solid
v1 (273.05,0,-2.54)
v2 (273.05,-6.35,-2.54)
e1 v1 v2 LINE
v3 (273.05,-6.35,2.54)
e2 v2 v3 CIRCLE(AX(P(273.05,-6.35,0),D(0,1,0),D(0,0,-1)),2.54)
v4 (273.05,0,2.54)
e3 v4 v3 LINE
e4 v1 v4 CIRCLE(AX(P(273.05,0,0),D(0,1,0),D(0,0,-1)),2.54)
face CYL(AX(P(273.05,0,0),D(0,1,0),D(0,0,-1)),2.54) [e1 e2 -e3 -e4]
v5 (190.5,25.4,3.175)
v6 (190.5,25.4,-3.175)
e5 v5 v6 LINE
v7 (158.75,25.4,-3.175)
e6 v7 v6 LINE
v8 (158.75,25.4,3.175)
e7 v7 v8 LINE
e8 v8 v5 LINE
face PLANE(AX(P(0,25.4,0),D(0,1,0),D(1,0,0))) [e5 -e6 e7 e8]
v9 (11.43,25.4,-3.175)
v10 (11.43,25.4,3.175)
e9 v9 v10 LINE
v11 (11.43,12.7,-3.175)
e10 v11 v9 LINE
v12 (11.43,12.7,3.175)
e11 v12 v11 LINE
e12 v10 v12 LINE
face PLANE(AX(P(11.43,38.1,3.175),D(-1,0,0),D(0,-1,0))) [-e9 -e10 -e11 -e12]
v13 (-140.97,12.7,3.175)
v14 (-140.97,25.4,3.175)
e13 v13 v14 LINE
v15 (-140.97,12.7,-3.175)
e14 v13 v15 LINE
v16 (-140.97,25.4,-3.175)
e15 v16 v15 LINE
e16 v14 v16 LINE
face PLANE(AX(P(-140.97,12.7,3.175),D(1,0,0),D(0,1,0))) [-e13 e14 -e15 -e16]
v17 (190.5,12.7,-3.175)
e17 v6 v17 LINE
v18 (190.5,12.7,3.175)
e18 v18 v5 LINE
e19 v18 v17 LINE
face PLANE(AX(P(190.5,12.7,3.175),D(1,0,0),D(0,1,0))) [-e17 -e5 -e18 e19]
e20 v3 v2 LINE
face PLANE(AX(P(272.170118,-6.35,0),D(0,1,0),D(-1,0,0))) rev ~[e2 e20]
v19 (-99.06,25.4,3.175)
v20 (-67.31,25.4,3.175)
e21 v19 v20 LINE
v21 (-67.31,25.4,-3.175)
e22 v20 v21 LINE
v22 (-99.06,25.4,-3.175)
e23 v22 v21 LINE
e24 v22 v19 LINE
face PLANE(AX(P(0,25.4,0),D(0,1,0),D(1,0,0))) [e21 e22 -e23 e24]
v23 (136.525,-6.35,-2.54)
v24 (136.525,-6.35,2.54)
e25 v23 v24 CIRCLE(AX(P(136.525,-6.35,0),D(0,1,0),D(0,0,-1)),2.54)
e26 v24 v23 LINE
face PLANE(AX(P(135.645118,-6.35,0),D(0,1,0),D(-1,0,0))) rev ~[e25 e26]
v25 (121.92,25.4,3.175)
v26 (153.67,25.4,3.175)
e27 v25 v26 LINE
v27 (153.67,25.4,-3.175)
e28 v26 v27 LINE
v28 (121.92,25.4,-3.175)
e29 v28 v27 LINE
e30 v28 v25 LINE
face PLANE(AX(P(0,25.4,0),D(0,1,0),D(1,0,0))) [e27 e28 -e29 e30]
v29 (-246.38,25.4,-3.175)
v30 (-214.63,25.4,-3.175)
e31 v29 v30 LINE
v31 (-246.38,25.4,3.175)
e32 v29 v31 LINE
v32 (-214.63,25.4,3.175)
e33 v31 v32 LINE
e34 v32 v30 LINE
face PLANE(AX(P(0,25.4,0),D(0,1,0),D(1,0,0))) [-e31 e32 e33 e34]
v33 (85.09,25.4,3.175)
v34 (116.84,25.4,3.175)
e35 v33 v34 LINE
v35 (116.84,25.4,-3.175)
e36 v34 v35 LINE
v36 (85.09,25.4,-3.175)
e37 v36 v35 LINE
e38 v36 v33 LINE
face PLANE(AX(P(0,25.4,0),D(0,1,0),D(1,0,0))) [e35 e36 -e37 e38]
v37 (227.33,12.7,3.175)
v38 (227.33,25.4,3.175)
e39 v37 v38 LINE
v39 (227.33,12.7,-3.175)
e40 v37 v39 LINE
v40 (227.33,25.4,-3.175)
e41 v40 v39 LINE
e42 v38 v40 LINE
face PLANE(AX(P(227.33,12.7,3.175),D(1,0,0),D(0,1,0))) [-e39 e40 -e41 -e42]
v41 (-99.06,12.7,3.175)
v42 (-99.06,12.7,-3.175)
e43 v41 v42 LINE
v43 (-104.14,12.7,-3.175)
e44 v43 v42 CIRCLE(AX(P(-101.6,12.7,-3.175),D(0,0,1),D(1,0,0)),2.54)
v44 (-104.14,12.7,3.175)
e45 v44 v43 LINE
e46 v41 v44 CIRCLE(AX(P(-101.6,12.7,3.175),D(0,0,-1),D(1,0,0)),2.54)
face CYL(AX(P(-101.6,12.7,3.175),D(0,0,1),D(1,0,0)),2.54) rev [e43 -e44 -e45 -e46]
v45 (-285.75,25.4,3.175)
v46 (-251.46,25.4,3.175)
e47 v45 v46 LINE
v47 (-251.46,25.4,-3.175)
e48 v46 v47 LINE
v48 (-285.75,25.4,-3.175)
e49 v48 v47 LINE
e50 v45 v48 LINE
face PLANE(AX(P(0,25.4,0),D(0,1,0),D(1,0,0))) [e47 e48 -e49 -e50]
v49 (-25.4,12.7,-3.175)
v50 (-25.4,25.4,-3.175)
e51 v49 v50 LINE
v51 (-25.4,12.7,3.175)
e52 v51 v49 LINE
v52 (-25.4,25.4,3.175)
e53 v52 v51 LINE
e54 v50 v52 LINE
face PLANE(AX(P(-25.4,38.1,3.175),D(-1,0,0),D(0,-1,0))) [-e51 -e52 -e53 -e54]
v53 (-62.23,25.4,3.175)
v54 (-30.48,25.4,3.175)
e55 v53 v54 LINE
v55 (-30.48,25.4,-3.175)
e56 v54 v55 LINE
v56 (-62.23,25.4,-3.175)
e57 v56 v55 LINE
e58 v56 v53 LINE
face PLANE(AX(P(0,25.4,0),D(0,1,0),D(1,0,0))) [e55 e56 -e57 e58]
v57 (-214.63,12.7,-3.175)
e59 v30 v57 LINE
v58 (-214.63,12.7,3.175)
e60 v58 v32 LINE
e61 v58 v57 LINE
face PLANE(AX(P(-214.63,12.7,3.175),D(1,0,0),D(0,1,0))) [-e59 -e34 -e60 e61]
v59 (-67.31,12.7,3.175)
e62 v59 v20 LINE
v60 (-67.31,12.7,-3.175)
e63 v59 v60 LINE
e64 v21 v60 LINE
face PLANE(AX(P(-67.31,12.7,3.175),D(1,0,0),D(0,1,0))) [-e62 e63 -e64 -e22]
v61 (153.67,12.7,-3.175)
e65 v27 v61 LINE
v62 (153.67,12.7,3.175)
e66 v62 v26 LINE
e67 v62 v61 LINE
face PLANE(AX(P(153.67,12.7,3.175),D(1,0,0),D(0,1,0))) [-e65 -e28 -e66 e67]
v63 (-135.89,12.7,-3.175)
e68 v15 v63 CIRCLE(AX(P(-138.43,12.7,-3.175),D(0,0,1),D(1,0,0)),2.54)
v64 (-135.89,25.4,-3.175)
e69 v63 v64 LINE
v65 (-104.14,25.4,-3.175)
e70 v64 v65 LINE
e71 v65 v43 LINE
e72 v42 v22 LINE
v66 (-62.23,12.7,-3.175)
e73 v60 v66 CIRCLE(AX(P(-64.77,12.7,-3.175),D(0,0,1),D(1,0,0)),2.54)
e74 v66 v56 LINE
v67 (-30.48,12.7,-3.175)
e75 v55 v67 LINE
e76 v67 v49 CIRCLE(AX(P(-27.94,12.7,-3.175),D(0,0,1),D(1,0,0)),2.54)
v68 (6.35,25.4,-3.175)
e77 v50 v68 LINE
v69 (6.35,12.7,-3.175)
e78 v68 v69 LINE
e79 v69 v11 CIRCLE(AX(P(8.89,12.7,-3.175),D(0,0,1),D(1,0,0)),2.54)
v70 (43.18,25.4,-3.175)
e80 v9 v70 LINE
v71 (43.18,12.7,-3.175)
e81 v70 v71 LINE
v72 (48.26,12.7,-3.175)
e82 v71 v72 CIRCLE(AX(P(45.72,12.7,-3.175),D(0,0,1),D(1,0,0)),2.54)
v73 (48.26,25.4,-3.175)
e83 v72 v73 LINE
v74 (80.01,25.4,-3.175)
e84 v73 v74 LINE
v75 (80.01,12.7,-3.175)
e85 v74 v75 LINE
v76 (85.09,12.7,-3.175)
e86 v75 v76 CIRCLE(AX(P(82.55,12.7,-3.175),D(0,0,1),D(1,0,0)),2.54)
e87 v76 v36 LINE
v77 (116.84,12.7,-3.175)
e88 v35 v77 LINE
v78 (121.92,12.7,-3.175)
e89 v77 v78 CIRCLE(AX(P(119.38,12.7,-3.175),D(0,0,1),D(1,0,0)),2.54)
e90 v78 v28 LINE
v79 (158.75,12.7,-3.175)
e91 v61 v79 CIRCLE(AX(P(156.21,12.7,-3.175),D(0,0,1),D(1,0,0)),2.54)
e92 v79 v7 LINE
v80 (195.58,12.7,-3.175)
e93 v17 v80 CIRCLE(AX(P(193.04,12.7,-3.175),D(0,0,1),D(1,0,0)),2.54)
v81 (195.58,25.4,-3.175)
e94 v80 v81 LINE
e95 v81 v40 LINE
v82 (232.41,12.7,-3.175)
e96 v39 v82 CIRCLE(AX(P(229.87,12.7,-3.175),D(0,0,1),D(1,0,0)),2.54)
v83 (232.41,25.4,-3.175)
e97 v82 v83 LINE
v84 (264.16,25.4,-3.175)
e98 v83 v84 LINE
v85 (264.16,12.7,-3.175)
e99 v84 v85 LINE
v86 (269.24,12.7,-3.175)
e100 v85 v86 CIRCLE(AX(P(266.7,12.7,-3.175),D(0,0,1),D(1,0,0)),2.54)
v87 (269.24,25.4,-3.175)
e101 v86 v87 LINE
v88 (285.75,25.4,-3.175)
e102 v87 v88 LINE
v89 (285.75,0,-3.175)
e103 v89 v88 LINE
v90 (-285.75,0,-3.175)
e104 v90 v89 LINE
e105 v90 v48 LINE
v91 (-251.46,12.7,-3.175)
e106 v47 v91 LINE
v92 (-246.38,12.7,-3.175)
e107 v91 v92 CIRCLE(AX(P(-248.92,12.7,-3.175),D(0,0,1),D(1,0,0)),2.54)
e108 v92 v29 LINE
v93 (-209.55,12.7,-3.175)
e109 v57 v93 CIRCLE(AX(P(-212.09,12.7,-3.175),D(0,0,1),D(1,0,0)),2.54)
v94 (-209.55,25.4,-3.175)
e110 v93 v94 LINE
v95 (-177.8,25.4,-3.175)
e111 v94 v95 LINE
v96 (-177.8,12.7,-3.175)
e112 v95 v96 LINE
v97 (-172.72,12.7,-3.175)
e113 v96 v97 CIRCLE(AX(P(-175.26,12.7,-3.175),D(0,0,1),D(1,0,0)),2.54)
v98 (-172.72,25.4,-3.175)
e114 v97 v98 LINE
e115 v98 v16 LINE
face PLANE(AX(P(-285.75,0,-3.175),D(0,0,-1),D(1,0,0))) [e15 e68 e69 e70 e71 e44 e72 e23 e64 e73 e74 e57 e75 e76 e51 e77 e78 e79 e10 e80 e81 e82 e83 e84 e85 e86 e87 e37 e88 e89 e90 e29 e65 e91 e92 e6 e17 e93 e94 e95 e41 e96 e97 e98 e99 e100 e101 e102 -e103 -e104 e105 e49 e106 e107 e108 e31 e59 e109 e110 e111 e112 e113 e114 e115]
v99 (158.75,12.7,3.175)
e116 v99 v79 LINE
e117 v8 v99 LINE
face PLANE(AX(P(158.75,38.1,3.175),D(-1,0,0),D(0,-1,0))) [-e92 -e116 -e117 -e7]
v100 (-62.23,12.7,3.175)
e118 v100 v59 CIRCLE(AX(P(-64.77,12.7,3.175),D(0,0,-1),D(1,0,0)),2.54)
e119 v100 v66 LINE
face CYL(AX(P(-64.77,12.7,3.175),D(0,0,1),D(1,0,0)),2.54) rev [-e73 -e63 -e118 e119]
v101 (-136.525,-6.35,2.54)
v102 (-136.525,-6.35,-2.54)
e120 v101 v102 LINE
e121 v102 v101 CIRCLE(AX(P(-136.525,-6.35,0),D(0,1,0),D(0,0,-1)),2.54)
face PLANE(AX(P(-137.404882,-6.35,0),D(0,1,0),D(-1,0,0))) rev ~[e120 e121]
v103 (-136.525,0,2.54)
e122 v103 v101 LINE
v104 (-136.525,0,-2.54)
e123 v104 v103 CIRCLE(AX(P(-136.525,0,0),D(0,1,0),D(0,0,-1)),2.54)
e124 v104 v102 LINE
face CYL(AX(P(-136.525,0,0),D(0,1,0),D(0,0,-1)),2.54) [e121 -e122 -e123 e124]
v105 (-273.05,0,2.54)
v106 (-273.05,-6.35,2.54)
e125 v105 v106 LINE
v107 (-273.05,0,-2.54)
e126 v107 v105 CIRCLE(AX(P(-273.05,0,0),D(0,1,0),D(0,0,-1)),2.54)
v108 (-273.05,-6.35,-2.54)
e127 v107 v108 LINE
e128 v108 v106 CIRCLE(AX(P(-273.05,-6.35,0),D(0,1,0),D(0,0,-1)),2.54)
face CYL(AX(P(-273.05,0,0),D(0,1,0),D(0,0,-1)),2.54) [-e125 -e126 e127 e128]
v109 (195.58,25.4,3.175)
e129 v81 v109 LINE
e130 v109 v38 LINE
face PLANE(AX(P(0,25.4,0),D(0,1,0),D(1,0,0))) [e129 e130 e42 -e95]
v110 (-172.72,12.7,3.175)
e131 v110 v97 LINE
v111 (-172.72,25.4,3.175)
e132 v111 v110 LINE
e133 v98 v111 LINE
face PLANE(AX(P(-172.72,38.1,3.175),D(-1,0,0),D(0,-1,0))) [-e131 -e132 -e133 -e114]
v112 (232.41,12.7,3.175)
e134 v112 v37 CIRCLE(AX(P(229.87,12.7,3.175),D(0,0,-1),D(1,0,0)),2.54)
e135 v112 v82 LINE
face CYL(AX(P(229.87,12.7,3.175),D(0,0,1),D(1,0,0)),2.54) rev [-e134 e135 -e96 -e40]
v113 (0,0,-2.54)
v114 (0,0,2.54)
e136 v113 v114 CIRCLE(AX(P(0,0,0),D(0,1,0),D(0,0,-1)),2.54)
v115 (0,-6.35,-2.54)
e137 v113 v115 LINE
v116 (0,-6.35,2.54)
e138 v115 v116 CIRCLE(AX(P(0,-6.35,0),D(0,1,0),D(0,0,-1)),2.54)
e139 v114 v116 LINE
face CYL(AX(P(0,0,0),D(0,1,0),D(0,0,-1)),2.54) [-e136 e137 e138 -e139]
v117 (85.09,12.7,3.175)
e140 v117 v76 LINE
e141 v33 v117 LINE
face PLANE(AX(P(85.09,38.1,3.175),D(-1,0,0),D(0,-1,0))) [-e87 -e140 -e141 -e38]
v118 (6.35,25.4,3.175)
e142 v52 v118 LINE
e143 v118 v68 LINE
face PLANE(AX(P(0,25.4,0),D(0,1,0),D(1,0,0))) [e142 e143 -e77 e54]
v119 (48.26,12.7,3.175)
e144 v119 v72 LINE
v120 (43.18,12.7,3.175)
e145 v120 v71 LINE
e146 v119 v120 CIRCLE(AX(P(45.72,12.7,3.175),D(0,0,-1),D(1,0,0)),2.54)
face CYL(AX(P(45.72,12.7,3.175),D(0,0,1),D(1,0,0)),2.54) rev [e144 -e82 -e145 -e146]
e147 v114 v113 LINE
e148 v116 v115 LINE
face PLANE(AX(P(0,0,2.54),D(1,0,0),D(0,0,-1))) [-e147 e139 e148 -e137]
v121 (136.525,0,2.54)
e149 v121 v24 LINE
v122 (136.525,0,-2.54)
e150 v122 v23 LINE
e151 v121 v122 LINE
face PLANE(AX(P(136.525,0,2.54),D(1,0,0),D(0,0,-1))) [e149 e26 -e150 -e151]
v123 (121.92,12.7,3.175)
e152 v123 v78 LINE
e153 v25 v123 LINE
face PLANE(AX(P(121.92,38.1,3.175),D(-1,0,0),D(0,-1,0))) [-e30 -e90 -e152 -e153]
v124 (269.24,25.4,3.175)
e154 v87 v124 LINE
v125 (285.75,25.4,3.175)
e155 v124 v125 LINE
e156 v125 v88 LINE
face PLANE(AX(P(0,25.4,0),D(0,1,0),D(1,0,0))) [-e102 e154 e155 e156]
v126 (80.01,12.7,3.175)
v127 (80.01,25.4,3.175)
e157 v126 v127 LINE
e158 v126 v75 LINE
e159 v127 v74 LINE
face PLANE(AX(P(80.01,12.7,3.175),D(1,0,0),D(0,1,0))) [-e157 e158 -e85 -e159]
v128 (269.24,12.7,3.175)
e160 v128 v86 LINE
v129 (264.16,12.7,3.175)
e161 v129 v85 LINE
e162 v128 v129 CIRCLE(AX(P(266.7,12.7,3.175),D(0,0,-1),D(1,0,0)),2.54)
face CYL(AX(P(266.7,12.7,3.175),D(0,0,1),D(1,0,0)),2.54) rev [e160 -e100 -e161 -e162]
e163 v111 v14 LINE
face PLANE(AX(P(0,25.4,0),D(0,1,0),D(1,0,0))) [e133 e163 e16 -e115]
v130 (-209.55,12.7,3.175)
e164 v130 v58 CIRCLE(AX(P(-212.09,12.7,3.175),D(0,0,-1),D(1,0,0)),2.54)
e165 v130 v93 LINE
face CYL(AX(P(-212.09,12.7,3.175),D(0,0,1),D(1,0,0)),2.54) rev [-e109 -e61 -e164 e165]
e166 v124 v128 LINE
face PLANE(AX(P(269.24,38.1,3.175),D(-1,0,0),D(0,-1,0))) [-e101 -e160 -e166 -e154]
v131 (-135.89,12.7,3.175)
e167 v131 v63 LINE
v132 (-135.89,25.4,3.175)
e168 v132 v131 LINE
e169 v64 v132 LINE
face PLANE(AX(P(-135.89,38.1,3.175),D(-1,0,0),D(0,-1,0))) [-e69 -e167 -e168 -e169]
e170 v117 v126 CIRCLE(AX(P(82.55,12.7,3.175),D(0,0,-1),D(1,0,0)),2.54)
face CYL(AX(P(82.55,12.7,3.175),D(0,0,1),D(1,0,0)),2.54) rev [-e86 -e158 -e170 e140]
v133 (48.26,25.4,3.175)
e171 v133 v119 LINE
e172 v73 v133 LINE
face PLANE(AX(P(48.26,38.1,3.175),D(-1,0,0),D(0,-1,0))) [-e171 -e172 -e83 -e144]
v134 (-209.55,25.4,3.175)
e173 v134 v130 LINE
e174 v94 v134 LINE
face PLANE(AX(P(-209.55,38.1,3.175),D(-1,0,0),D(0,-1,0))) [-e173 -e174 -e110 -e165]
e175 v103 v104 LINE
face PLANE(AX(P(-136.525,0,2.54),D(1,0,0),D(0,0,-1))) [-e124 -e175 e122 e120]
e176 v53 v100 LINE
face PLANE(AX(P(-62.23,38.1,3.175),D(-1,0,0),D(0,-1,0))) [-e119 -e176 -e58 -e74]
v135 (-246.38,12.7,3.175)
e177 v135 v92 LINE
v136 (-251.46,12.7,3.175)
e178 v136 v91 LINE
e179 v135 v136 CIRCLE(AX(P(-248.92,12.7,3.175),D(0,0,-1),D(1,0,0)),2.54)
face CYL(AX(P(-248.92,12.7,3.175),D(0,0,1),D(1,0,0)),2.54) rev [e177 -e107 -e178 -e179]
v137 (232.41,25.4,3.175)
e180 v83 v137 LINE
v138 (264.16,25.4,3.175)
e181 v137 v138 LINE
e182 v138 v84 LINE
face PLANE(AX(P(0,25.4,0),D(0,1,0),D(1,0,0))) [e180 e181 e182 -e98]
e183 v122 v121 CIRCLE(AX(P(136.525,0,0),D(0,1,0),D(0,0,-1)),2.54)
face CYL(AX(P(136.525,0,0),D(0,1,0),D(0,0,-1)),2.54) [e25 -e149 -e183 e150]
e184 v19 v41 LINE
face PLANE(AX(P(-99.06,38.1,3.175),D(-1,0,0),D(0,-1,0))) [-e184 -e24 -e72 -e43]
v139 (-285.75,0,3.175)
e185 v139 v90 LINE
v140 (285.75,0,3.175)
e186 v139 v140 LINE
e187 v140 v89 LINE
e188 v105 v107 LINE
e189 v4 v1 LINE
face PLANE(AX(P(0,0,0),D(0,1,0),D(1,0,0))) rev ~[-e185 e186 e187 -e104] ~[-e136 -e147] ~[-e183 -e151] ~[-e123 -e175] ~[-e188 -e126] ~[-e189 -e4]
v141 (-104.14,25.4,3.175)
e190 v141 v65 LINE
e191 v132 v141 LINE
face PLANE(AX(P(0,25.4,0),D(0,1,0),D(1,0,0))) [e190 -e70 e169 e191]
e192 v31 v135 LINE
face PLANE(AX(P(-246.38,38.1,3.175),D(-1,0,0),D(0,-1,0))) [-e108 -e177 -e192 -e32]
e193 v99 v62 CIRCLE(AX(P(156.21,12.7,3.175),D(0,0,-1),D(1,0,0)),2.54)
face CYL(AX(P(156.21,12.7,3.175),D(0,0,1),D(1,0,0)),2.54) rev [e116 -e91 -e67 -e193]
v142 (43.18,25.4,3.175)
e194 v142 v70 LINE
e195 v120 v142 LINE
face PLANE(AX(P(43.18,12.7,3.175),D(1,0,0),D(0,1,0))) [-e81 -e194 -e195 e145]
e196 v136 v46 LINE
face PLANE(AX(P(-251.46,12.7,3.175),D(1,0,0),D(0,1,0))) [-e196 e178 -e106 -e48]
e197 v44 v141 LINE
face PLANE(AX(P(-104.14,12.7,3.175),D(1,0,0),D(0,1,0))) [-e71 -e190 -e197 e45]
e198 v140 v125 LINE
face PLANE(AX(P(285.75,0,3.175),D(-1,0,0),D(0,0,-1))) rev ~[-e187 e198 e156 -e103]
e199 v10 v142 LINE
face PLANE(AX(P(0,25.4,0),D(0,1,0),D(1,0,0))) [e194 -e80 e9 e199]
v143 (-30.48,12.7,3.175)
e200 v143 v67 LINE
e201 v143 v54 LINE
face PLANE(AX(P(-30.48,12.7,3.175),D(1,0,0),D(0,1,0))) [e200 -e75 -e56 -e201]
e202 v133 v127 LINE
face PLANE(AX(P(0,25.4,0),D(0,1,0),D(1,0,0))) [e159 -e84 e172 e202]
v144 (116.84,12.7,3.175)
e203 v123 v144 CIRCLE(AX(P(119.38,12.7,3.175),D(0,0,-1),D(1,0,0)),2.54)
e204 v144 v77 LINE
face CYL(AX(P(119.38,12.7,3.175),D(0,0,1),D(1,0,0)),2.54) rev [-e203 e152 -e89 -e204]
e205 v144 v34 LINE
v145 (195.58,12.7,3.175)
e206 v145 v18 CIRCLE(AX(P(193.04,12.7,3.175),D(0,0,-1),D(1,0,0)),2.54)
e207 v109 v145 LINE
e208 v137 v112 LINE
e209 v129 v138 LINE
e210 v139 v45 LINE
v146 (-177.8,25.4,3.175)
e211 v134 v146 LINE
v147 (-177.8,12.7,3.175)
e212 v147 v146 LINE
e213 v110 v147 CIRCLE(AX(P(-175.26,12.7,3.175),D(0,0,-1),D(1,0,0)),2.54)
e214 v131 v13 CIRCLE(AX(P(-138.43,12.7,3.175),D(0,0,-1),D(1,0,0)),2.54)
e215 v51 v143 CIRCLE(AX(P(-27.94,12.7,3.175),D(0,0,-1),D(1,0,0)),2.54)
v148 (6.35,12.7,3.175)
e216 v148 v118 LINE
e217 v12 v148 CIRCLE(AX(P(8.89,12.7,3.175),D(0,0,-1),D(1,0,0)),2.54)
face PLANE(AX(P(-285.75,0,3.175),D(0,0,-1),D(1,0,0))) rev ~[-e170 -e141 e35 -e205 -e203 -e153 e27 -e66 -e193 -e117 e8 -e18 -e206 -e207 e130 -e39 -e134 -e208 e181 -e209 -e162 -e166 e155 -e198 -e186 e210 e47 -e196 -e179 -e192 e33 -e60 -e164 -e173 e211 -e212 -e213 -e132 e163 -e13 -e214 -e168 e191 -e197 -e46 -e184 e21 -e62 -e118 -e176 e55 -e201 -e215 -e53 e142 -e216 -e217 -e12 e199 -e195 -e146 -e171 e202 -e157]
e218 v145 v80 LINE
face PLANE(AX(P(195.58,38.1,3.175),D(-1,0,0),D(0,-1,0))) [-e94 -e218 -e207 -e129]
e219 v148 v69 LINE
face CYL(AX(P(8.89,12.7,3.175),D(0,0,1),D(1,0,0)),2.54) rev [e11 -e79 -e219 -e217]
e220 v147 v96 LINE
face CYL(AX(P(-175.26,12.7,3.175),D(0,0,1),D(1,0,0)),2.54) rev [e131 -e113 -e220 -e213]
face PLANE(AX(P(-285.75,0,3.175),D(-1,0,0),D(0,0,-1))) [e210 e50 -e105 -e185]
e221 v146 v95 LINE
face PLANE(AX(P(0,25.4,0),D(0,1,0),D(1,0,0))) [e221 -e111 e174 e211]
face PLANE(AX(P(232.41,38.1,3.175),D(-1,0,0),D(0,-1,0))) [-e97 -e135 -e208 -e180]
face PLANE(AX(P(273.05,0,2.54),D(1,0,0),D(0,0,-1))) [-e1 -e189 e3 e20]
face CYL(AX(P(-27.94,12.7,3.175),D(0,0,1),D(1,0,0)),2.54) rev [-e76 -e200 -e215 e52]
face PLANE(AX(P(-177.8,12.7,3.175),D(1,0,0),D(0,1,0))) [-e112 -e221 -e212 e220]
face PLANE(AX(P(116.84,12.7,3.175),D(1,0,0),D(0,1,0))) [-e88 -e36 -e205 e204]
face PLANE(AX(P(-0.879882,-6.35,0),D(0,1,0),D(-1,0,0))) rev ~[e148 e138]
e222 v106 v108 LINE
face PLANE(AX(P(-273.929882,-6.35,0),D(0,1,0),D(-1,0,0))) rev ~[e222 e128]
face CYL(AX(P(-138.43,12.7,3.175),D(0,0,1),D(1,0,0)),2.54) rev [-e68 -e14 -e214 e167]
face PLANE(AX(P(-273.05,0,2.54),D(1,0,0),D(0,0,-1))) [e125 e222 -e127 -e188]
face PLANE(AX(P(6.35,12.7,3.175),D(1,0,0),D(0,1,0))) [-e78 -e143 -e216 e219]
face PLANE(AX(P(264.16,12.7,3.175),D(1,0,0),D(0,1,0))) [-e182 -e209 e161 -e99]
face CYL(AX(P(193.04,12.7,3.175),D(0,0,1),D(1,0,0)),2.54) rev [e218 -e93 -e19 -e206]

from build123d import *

# Parameters (mm, degrees)
SKETCH1_W           = 571.5
SKETCH1_H           = 6.35
BOSS_EXTRUDE1_DEPTH = 25.4
BOSS_EXTRUDE2_DEPTH = 6.35
CUT_EXTRUDE1_DEPTH  = 287.946937603


with BuildPart() as part:
    # Sketch1 → Boss-Extrude1 (new body)
    with BuildSketch(Plane(origin=(0, 0, 0), x_dir=(1, 0, 0), z_dir=(0, 1, 0))):
        Rectangle(SKETCH1_W, SKETCH1_H)
    extrude(amount=BOSS_EXTRUDE1_DEPTH)

    # Sketch2 → Boss-Extrude2 (add)
    with BuildSketch(Plane.XZ):
        with BuildLine():
            Line((-273.05, 2.54), (-273.05, -2.54))
            ThreePointArc((-273.05, -2.54), (-275.59, 0), (-273.05, 2.54))
        make_face()
        with BuildLine():
            Line((-136.525, 2.54), (-136.525, -2.54))
            ThreePointArc((-136.525, -2.54), (-139.065, 0), (-136.525, 2.54))
        make_face()
        with BuildLine():
            Line((0, 2.54), (0, -2.54))
            ThreePointArc((0, -2.54), (-2.54, 0), (0, 2.54))
        make_face()
        with BuildLine():
            Line((136.525, 2.54), (136.525, -2.54))
            ThreePointArc((136.525, -2.54), (133.985, 0), (136.525, 2.54))
        make_face()
        with BuildLine():
            Line((273.05, 2.54), (273.05, -2.54))
            ThreePointArc((273.05, -2.54), (270.51, 0), (273.05, 2.54))
        make_face()
    extrude(amount=BOSS_EXTRUDE2_DEPTH)

    # Sketch3 → Cut-Extrude1 (cut, through all)
    with BuildSketch(Plane.XY.offset(3.175)):
        with BuildLine():
            Line((-246.38, 38.1), (-246.38, 12.7))
            ThreePointArc((-246.38, 12.7), (-248.92, 10.16), (-251.46, 12.7))
            Line((-251.46, 12.7), (-251.46, 38.1))
            ThreePointArc((-251.46, 38.1), (-248.92, 40.64), (-246.38, 38.1))
        make_face()
        with BuildLine():
            Line((-209.55, 38.1), (-209.55, 12.7))
            ThreePointArc((-209.55, 12.7), (-212.09, 10.16), (-214.63, 12.7))
            Line((-214.63, 12.7), (-214.63, 38.1))
            ThreePointArc((-214.63, 38.1), (-212.09, 40.64), (-209.55, 38.1))
        make_face()
        with BuildLine():
            Line((-172.72, 38.1), (-172.72, 12.7))
            ThreePointArc((-172.72, 12.7), (-175.26, 10.16), (-177.8, 12.7))
            Line((-177.8, 12.7), (-177.8, 38.1))
            ThreePointArc((-177.8, 38.1), (-175.26, 40.64), (-172.72, 38.1))
        make_face()
        with BuildLine():
            Line((-135.89, 38.1), (-135.89, 12.7))
            ThreePointArc((-135.89, 12.7), (-138.43, 10.16), (-140.97, 12.7))
            Line((-140.97, 12.7), (-140.97, 38.1))
            ThreePointArc((-140.97, 38.1), (-138.43, 40.64), (-135.89, 38.1))
        make_face()
        with BuildLine():
            Line((-99.06, 38.1), (-99.06, 12.7))
            ThreePointArc((-99.06, 12.7), (-101.6, 10.16), (-104.14, 12.7))
            Line((-104.14, 12.7), (-104.14, 38.1))
            ThreePointArc((-104.14, 38.1), (-101.6, 40.64), (-99.06, 38.1))
        make_face()
        with BuildLine():
            Line((-62.23, 38.1), (-62.23, 12.7))
            ThreePointArc((-62.23, 12.7), (-64.77, 10.16), (-67.31, 12.7))
            Line((-67.31, 12.7), (-67.31, 38.1))
            ThreePointArc((-67.31, 38.1), (-64.77, 40.64), (-62.23, 38.1))
        make_face()
        with BuildLine():
            Line((-25.4, 38.1), (-25.4, 12.7))
            ThreePointArc((-25.4, 12.7), (-27.94, 10.16), (-30.48, 12.7))
            Line((-30.48, 12.7), (-30.48, 38.1))
            ThreePointArc((-30.48, 38.1), (-27.94, 40.64), (-25.4, 38.1))
        make_face()
        with BuildLine():
            Line((11.43, 38.1), (11.43, 12.7))
            ThreePointArc((11.43, 12.7), (8.89, 10.16), (6.35, 12.7))
            Line((6.35, 12.7), (6.35, 38.1))
            ThreePointArc((6.35, 38.1), (8.89, 40.64), (11.43, 38.1))
        make_face()
        with BuildLine():
            Line((48.26, 38.1), (48.26, 12.7))
            ThreePointArc((48.26, 12.7), (45.72, 10.16), (43.18, 12.7))
            Line((43.18, 12.7), (43.18, 38.1))
            ThreePointArc((43.18, 38.1), (45.72, 40.64), (48.26, 38.1))
        make_face()
        with BuildLine():
            Line((85.09, 38.1), (85.09, 12.7))
            ThreePointArc((85.09, 12.7), (82.55, 10.16), (80.01, 12.7))
            Line((80.01, 12.7), (80.01, 38.1))
            ThreePointArc((80.01, 38.1), (82.55, 40.64), (85.09, 38.1))
        make_face()
        with BuildLine():
            Line((121.92, 38.1), (121.92, 12.7))
            ThreePointArc((121.92, 12.7), (119.38, 10.16), (116.84, 12.7))
            Line((116.84, 12.7), (116.84, 38.1))
            ThreePointArc((116.84, 38.1), (119.38, 40.64), (121.92, 38.1))
        make_face()
        with BuildLine():
            Line((158.75, 38.1), (158.75, 12.7))
            ThreePointArc((158.75, 12.7), (156.21, 10.16), (153.67, 12.7))
            Line((153.67, 12.7), (153.67, 38.1))
            ThreePointArc((153.67, 38.1), (156.21, 40.64), (158.75, 38.1))
        make_face()
        with BuildLine():
            Line((195.58, 38.1), (195.58, 12.7))
            ThreePointArc((195.58, 12.7), (193.04, 10.16), (190.5, 12.7))
            Line((190.5, 12.7), (190.5, 38.1))
            ThreePointArc((190.5, 38.1), (193.04, 40.64), (195.58, 38.1))
        make_face()
        with BuildLine():
            Line((232.41, 38.1), (232.41, 12.7))
            ThreePointArc((232.41, 12.7), (229.87, 10.16), (227.33, 12.7))
            Line((227.33, 12.7), (227.33, 38.1))
            ThreePointArc((227.33, 38.1), (229.87, 40.64), (232.41, 38.1))
        make_face()
        with BuildLine():
            Line((269.24, 38.1), (269.24, 12.7))
            ThreePointArc((269.24, 12.7), (266.7, 10.16), (264.16, 12.7))
            Line((264.16, 12.7), (264.16, 38.1))
            ThreePointArc((264.16, 38.1), (266.7, 40.64), (269.24, 38.1))
        make_face()
    extrude(amount=-CUT_EXTRUDE1_DEPTH, mode=Mode.SUBTRACT)


solid = part.part
